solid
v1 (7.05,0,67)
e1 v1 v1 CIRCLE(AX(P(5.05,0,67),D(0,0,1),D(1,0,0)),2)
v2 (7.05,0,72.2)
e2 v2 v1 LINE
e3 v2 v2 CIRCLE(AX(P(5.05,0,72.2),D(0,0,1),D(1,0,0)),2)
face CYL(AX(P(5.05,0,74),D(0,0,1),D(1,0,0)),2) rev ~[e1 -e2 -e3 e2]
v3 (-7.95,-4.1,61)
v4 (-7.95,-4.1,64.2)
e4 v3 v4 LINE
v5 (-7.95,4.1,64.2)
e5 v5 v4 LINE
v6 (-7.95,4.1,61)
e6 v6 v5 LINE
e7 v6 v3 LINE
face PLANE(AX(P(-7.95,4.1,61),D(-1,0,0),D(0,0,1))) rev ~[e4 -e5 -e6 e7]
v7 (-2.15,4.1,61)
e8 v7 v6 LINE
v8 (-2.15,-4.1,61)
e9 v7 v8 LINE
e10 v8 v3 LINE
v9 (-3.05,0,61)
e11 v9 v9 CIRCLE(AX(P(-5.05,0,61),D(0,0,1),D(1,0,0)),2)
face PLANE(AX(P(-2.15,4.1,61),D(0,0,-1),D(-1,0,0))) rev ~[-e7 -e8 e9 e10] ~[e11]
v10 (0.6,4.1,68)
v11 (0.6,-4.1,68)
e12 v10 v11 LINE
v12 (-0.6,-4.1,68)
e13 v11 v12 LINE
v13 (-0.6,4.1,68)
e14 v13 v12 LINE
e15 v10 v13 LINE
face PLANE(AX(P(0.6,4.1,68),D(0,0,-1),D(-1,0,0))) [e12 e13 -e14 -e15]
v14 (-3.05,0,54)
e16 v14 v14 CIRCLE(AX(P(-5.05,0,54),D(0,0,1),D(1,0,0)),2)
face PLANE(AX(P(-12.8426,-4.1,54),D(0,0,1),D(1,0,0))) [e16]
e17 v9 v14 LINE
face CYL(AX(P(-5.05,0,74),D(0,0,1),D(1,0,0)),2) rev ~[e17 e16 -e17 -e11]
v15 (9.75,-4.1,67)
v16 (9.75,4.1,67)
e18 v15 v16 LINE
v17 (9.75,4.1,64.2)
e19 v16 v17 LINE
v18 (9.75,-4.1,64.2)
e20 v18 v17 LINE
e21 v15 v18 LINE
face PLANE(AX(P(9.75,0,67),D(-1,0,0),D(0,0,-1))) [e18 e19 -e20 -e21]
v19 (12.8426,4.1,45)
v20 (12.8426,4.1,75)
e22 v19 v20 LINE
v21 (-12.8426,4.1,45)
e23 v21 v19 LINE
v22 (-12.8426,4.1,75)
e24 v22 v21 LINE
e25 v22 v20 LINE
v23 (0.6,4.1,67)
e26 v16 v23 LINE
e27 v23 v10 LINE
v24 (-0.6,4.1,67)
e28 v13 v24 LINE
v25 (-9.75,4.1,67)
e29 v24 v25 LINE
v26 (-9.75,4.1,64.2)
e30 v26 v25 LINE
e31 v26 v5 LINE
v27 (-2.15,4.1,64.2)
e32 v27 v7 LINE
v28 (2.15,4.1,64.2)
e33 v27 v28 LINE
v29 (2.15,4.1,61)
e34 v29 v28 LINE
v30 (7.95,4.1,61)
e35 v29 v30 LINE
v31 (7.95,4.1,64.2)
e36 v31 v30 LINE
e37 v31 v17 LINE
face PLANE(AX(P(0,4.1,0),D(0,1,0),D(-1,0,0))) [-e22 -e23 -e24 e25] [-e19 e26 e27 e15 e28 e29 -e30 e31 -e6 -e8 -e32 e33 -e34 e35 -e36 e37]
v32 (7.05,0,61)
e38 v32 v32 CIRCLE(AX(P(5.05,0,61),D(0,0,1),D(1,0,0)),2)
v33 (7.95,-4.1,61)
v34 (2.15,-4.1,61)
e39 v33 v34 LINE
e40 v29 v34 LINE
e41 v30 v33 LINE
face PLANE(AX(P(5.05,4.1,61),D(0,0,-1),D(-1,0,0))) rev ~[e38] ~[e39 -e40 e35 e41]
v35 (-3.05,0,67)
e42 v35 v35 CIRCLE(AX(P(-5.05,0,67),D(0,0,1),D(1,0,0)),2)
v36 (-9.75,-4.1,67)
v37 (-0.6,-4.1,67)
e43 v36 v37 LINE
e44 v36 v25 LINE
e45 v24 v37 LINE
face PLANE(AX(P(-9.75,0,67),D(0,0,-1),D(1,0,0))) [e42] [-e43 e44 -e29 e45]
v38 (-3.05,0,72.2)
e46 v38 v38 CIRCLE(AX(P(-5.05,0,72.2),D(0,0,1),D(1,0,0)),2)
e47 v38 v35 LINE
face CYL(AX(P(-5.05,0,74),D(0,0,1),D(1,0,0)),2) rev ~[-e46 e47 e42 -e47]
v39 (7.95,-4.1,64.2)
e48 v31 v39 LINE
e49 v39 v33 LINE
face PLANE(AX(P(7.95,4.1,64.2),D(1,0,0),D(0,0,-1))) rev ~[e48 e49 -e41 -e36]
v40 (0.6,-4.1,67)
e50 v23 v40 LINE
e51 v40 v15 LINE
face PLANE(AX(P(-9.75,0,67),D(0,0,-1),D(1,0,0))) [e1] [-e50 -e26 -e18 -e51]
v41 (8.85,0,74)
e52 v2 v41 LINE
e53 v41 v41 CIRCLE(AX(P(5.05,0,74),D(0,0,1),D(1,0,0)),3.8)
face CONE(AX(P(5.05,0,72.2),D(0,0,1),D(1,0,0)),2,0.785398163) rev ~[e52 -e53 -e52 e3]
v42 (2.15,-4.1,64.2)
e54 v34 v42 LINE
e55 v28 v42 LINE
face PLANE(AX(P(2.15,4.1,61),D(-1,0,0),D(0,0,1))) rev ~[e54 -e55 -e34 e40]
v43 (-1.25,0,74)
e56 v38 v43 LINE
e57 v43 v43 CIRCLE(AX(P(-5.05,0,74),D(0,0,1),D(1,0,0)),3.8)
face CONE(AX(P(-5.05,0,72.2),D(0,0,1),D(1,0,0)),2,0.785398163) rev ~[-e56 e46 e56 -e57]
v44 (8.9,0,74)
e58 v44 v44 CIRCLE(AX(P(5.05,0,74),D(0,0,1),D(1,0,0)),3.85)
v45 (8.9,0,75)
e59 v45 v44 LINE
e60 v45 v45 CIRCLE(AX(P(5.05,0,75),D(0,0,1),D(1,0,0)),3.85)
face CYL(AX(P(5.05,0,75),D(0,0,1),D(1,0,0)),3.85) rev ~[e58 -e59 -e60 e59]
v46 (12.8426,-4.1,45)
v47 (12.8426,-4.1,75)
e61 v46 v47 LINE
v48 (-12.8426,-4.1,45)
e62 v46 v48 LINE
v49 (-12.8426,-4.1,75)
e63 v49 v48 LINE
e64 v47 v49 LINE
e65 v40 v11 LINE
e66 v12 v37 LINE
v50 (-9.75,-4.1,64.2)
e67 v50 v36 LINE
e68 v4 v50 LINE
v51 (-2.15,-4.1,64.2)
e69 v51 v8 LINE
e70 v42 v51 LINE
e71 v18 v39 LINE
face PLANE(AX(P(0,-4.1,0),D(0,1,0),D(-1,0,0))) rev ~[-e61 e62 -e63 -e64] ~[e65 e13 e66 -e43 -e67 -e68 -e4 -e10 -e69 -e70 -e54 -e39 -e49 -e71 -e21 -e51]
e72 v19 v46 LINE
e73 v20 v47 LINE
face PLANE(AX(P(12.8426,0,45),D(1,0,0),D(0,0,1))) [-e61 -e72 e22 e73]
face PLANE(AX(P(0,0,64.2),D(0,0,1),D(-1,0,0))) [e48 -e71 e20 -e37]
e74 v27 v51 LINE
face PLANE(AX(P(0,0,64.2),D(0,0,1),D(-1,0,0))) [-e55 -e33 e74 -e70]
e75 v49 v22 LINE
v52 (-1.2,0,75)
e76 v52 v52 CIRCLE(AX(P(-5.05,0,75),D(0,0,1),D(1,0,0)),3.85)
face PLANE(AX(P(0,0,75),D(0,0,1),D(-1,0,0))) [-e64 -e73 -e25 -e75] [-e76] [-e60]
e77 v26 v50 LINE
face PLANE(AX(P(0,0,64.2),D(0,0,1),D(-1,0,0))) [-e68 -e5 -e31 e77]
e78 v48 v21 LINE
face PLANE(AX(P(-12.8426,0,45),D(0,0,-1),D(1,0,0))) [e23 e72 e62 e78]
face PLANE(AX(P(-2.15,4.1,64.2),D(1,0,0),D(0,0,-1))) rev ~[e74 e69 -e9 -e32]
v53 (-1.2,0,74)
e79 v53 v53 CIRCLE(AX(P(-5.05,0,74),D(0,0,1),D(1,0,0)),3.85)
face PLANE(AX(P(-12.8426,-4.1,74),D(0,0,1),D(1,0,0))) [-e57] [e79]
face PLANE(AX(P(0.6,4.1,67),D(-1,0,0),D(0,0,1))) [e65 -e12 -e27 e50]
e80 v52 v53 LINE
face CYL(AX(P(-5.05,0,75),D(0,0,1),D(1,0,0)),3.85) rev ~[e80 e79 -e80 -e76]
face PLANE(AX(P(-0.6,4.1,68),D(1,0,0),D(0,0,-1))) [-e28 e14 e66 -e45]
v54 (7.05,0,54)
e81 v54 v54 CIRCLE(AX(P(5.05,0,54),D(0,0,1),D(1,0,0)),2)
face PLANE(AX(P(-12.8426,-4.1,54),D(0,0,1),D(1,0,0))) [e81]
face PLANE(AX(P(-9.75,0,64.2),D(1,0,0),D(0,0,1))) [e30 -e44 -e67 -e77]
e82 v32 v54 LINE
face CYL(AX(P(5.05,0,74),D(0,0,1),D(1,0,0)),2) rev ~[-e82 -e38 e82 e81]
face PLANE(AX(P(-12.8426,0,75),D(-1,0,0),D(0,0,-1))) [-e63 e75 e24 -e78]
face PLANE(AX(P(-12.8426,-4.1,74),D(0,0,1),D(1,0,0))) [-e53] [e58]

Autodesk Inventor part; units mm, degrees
ref_plane "YZ Plane" through (0, 0, 0) normal (1, 0, 0) x (0, 1, 0)
ref_plane "XZ Plane" through (0, 0, 0) normal (0, 1, 0) x (-1, 0, 0)
ref_plane "XY Plane" through (0, 0, 0) normal (0, 0, 1) x (1, 0, 0)
sketch "Esquisse1" plane through (0, 0, 0) normal (0, 1, 0) x (-1, 0, 0)
  line L0 (12.8426, 45) -> (-12.8426, 45)
  line L1 (-12.8426, 45) -> (-12.8426, 75)
  line L2 (-12.8426, 75) -> (12.8426, 75)
  line L3 (12.8426, 75) -> (12.8426, 45)
  line L4 (9.75, 67) -> (-9.75, 67)
  line L5 (-9.75, 67) -> (-9.75, 64.2)
  line L6 (-9.75, 64.2) -> (9.75, 64.2)
  line L7 (9.75, 64.2) -> (9.75, 67)
  line L8 (0, -15) -> (0, 90) projected
  point P0 (0, 0)
  point P1 (0, 64.2)
  point P2 (0, 45)
  dimension "d0" = 75
  dimension "d1" = 19.5
  dimension "d2" = 2.8
  dimension "d3" = 8
  dimension "d45" = 30
  dimension "d46" = 25.6852
extrude "Extrusion1" add sketch "Esquisse1" along normal mid plane 8.2 contours L0 L8 L6 L7 L4 L2 L3 | L0 L1 L2 L8 L4 L5 L6
sketch "Esquisse2" plane through (-12.8426, -4.1, 75) normal (0, 0, 1) x (1, 0, 0)
  circle A0 centre (17.8926, 4.1) radius 3.85
  circle A1 centre (7.7926, 4.1) radius 3.85
  line L0 (17.8926, 4.1) -> (7.7926, 4.1) construction
  line L1 (12.8426, -1.64) -> (12.8426, 9.84) construction
  point P0 (12.8426, 4.1)
  dimension "d6" = 7.7
  dimension "d7" = 10.1
extrude "Extrusion2" cut sketch "Esquisse2" against normal blind 1
sketch "Esquisse3" plane through (-12.8426, -4.1, 74) normal (0, 0, 1) x (1, 0, 0)
  circle A0 centre (7.7926, 4.1) radius 3.85 projected
  circle A1 centre (7.7926, 4.1) radius 2
  circle A2 centre (17.8926, 4.1) radius 3.85 projected
  circle A3 centre (17.8926, 4.1) radius 2
  point P0 (12.8426, 4.1)
  point P1 (9.3965, 7)
  point P2 (9.3965, 0)
  point P3 (16.2887, 0)
  point P4 (16.2887, 7)
  dimension "d10" = 4
  dimension "d11" = 4
extrude "Extrusion3" cut sketch "Esquisse3" against normal blind 20 contours A1 | A3
chamfer "Chanfrein1" distance 1.8 angle 45 2 edges at (-7.05, 0, 74) (3.05, 0, 74)
sketch "Esquisse5" plane through (0, 4.1, 0) normal (0, 1, 0) x (1, 0, 0)
  line L0 (-9.75, -64.2) -> (9.75, -64.2) projected
  line L1 (-7.95, -64.2) -> (-2.15, -64.2)
  line L2 (-2.15, -64.2) -> (-2.15, -61)
  line L3 (-2.15, -61) -> (-7.95, -61)
  line L4 (-7.95, -61) -> (-7.95, -64.2)
  line L5 (2.15, -64.2) -> (7.95, -64.2)
  line L6 (7.95, -64.2) -> (7.95, -61)
  line L7 (7.95, -61) -> (2.15, -61)
  line L8 (2.15, -61) -> (2.15, -64.2)
  line L9 (5.05, 15) -> (5.05, -90) projected
  line L10 (-5.05, 15) -> (-5.05, -90) projected
  line L11 (9.75, -67) -> (-9.75, -67) projected
  line L12 (-0.6, -67) -> (0.6, -67)
  line L13 (0.6, -67) -> (0.6, -68)
  line L14 (0.6, -68) -> (-0.6, -68)
  line L15 (-0.6, -68) -> (-0.6, -67)
  point P0 (0, 0)
  point P1 (5.05, -64.2)
  point P2 (-5.05, -64.2)
  point P3 (0, -67)
  dimension "d17" = 5.8
  dimension "d18" = 3.2
  dimension "d19" = 3.2
  dimension "d22" = 1.2
  dimension "d24" = 1
extrude "Extrusion4" cut sketch "Esquisse5" against normal blind 20 contours L0 L10 L3 L2 | L8 L7 L9 L0 | L0 L4 L3 L10 | L9 L7 L6 L0 | L11 L13 L14 L15
properties part number "base1"
